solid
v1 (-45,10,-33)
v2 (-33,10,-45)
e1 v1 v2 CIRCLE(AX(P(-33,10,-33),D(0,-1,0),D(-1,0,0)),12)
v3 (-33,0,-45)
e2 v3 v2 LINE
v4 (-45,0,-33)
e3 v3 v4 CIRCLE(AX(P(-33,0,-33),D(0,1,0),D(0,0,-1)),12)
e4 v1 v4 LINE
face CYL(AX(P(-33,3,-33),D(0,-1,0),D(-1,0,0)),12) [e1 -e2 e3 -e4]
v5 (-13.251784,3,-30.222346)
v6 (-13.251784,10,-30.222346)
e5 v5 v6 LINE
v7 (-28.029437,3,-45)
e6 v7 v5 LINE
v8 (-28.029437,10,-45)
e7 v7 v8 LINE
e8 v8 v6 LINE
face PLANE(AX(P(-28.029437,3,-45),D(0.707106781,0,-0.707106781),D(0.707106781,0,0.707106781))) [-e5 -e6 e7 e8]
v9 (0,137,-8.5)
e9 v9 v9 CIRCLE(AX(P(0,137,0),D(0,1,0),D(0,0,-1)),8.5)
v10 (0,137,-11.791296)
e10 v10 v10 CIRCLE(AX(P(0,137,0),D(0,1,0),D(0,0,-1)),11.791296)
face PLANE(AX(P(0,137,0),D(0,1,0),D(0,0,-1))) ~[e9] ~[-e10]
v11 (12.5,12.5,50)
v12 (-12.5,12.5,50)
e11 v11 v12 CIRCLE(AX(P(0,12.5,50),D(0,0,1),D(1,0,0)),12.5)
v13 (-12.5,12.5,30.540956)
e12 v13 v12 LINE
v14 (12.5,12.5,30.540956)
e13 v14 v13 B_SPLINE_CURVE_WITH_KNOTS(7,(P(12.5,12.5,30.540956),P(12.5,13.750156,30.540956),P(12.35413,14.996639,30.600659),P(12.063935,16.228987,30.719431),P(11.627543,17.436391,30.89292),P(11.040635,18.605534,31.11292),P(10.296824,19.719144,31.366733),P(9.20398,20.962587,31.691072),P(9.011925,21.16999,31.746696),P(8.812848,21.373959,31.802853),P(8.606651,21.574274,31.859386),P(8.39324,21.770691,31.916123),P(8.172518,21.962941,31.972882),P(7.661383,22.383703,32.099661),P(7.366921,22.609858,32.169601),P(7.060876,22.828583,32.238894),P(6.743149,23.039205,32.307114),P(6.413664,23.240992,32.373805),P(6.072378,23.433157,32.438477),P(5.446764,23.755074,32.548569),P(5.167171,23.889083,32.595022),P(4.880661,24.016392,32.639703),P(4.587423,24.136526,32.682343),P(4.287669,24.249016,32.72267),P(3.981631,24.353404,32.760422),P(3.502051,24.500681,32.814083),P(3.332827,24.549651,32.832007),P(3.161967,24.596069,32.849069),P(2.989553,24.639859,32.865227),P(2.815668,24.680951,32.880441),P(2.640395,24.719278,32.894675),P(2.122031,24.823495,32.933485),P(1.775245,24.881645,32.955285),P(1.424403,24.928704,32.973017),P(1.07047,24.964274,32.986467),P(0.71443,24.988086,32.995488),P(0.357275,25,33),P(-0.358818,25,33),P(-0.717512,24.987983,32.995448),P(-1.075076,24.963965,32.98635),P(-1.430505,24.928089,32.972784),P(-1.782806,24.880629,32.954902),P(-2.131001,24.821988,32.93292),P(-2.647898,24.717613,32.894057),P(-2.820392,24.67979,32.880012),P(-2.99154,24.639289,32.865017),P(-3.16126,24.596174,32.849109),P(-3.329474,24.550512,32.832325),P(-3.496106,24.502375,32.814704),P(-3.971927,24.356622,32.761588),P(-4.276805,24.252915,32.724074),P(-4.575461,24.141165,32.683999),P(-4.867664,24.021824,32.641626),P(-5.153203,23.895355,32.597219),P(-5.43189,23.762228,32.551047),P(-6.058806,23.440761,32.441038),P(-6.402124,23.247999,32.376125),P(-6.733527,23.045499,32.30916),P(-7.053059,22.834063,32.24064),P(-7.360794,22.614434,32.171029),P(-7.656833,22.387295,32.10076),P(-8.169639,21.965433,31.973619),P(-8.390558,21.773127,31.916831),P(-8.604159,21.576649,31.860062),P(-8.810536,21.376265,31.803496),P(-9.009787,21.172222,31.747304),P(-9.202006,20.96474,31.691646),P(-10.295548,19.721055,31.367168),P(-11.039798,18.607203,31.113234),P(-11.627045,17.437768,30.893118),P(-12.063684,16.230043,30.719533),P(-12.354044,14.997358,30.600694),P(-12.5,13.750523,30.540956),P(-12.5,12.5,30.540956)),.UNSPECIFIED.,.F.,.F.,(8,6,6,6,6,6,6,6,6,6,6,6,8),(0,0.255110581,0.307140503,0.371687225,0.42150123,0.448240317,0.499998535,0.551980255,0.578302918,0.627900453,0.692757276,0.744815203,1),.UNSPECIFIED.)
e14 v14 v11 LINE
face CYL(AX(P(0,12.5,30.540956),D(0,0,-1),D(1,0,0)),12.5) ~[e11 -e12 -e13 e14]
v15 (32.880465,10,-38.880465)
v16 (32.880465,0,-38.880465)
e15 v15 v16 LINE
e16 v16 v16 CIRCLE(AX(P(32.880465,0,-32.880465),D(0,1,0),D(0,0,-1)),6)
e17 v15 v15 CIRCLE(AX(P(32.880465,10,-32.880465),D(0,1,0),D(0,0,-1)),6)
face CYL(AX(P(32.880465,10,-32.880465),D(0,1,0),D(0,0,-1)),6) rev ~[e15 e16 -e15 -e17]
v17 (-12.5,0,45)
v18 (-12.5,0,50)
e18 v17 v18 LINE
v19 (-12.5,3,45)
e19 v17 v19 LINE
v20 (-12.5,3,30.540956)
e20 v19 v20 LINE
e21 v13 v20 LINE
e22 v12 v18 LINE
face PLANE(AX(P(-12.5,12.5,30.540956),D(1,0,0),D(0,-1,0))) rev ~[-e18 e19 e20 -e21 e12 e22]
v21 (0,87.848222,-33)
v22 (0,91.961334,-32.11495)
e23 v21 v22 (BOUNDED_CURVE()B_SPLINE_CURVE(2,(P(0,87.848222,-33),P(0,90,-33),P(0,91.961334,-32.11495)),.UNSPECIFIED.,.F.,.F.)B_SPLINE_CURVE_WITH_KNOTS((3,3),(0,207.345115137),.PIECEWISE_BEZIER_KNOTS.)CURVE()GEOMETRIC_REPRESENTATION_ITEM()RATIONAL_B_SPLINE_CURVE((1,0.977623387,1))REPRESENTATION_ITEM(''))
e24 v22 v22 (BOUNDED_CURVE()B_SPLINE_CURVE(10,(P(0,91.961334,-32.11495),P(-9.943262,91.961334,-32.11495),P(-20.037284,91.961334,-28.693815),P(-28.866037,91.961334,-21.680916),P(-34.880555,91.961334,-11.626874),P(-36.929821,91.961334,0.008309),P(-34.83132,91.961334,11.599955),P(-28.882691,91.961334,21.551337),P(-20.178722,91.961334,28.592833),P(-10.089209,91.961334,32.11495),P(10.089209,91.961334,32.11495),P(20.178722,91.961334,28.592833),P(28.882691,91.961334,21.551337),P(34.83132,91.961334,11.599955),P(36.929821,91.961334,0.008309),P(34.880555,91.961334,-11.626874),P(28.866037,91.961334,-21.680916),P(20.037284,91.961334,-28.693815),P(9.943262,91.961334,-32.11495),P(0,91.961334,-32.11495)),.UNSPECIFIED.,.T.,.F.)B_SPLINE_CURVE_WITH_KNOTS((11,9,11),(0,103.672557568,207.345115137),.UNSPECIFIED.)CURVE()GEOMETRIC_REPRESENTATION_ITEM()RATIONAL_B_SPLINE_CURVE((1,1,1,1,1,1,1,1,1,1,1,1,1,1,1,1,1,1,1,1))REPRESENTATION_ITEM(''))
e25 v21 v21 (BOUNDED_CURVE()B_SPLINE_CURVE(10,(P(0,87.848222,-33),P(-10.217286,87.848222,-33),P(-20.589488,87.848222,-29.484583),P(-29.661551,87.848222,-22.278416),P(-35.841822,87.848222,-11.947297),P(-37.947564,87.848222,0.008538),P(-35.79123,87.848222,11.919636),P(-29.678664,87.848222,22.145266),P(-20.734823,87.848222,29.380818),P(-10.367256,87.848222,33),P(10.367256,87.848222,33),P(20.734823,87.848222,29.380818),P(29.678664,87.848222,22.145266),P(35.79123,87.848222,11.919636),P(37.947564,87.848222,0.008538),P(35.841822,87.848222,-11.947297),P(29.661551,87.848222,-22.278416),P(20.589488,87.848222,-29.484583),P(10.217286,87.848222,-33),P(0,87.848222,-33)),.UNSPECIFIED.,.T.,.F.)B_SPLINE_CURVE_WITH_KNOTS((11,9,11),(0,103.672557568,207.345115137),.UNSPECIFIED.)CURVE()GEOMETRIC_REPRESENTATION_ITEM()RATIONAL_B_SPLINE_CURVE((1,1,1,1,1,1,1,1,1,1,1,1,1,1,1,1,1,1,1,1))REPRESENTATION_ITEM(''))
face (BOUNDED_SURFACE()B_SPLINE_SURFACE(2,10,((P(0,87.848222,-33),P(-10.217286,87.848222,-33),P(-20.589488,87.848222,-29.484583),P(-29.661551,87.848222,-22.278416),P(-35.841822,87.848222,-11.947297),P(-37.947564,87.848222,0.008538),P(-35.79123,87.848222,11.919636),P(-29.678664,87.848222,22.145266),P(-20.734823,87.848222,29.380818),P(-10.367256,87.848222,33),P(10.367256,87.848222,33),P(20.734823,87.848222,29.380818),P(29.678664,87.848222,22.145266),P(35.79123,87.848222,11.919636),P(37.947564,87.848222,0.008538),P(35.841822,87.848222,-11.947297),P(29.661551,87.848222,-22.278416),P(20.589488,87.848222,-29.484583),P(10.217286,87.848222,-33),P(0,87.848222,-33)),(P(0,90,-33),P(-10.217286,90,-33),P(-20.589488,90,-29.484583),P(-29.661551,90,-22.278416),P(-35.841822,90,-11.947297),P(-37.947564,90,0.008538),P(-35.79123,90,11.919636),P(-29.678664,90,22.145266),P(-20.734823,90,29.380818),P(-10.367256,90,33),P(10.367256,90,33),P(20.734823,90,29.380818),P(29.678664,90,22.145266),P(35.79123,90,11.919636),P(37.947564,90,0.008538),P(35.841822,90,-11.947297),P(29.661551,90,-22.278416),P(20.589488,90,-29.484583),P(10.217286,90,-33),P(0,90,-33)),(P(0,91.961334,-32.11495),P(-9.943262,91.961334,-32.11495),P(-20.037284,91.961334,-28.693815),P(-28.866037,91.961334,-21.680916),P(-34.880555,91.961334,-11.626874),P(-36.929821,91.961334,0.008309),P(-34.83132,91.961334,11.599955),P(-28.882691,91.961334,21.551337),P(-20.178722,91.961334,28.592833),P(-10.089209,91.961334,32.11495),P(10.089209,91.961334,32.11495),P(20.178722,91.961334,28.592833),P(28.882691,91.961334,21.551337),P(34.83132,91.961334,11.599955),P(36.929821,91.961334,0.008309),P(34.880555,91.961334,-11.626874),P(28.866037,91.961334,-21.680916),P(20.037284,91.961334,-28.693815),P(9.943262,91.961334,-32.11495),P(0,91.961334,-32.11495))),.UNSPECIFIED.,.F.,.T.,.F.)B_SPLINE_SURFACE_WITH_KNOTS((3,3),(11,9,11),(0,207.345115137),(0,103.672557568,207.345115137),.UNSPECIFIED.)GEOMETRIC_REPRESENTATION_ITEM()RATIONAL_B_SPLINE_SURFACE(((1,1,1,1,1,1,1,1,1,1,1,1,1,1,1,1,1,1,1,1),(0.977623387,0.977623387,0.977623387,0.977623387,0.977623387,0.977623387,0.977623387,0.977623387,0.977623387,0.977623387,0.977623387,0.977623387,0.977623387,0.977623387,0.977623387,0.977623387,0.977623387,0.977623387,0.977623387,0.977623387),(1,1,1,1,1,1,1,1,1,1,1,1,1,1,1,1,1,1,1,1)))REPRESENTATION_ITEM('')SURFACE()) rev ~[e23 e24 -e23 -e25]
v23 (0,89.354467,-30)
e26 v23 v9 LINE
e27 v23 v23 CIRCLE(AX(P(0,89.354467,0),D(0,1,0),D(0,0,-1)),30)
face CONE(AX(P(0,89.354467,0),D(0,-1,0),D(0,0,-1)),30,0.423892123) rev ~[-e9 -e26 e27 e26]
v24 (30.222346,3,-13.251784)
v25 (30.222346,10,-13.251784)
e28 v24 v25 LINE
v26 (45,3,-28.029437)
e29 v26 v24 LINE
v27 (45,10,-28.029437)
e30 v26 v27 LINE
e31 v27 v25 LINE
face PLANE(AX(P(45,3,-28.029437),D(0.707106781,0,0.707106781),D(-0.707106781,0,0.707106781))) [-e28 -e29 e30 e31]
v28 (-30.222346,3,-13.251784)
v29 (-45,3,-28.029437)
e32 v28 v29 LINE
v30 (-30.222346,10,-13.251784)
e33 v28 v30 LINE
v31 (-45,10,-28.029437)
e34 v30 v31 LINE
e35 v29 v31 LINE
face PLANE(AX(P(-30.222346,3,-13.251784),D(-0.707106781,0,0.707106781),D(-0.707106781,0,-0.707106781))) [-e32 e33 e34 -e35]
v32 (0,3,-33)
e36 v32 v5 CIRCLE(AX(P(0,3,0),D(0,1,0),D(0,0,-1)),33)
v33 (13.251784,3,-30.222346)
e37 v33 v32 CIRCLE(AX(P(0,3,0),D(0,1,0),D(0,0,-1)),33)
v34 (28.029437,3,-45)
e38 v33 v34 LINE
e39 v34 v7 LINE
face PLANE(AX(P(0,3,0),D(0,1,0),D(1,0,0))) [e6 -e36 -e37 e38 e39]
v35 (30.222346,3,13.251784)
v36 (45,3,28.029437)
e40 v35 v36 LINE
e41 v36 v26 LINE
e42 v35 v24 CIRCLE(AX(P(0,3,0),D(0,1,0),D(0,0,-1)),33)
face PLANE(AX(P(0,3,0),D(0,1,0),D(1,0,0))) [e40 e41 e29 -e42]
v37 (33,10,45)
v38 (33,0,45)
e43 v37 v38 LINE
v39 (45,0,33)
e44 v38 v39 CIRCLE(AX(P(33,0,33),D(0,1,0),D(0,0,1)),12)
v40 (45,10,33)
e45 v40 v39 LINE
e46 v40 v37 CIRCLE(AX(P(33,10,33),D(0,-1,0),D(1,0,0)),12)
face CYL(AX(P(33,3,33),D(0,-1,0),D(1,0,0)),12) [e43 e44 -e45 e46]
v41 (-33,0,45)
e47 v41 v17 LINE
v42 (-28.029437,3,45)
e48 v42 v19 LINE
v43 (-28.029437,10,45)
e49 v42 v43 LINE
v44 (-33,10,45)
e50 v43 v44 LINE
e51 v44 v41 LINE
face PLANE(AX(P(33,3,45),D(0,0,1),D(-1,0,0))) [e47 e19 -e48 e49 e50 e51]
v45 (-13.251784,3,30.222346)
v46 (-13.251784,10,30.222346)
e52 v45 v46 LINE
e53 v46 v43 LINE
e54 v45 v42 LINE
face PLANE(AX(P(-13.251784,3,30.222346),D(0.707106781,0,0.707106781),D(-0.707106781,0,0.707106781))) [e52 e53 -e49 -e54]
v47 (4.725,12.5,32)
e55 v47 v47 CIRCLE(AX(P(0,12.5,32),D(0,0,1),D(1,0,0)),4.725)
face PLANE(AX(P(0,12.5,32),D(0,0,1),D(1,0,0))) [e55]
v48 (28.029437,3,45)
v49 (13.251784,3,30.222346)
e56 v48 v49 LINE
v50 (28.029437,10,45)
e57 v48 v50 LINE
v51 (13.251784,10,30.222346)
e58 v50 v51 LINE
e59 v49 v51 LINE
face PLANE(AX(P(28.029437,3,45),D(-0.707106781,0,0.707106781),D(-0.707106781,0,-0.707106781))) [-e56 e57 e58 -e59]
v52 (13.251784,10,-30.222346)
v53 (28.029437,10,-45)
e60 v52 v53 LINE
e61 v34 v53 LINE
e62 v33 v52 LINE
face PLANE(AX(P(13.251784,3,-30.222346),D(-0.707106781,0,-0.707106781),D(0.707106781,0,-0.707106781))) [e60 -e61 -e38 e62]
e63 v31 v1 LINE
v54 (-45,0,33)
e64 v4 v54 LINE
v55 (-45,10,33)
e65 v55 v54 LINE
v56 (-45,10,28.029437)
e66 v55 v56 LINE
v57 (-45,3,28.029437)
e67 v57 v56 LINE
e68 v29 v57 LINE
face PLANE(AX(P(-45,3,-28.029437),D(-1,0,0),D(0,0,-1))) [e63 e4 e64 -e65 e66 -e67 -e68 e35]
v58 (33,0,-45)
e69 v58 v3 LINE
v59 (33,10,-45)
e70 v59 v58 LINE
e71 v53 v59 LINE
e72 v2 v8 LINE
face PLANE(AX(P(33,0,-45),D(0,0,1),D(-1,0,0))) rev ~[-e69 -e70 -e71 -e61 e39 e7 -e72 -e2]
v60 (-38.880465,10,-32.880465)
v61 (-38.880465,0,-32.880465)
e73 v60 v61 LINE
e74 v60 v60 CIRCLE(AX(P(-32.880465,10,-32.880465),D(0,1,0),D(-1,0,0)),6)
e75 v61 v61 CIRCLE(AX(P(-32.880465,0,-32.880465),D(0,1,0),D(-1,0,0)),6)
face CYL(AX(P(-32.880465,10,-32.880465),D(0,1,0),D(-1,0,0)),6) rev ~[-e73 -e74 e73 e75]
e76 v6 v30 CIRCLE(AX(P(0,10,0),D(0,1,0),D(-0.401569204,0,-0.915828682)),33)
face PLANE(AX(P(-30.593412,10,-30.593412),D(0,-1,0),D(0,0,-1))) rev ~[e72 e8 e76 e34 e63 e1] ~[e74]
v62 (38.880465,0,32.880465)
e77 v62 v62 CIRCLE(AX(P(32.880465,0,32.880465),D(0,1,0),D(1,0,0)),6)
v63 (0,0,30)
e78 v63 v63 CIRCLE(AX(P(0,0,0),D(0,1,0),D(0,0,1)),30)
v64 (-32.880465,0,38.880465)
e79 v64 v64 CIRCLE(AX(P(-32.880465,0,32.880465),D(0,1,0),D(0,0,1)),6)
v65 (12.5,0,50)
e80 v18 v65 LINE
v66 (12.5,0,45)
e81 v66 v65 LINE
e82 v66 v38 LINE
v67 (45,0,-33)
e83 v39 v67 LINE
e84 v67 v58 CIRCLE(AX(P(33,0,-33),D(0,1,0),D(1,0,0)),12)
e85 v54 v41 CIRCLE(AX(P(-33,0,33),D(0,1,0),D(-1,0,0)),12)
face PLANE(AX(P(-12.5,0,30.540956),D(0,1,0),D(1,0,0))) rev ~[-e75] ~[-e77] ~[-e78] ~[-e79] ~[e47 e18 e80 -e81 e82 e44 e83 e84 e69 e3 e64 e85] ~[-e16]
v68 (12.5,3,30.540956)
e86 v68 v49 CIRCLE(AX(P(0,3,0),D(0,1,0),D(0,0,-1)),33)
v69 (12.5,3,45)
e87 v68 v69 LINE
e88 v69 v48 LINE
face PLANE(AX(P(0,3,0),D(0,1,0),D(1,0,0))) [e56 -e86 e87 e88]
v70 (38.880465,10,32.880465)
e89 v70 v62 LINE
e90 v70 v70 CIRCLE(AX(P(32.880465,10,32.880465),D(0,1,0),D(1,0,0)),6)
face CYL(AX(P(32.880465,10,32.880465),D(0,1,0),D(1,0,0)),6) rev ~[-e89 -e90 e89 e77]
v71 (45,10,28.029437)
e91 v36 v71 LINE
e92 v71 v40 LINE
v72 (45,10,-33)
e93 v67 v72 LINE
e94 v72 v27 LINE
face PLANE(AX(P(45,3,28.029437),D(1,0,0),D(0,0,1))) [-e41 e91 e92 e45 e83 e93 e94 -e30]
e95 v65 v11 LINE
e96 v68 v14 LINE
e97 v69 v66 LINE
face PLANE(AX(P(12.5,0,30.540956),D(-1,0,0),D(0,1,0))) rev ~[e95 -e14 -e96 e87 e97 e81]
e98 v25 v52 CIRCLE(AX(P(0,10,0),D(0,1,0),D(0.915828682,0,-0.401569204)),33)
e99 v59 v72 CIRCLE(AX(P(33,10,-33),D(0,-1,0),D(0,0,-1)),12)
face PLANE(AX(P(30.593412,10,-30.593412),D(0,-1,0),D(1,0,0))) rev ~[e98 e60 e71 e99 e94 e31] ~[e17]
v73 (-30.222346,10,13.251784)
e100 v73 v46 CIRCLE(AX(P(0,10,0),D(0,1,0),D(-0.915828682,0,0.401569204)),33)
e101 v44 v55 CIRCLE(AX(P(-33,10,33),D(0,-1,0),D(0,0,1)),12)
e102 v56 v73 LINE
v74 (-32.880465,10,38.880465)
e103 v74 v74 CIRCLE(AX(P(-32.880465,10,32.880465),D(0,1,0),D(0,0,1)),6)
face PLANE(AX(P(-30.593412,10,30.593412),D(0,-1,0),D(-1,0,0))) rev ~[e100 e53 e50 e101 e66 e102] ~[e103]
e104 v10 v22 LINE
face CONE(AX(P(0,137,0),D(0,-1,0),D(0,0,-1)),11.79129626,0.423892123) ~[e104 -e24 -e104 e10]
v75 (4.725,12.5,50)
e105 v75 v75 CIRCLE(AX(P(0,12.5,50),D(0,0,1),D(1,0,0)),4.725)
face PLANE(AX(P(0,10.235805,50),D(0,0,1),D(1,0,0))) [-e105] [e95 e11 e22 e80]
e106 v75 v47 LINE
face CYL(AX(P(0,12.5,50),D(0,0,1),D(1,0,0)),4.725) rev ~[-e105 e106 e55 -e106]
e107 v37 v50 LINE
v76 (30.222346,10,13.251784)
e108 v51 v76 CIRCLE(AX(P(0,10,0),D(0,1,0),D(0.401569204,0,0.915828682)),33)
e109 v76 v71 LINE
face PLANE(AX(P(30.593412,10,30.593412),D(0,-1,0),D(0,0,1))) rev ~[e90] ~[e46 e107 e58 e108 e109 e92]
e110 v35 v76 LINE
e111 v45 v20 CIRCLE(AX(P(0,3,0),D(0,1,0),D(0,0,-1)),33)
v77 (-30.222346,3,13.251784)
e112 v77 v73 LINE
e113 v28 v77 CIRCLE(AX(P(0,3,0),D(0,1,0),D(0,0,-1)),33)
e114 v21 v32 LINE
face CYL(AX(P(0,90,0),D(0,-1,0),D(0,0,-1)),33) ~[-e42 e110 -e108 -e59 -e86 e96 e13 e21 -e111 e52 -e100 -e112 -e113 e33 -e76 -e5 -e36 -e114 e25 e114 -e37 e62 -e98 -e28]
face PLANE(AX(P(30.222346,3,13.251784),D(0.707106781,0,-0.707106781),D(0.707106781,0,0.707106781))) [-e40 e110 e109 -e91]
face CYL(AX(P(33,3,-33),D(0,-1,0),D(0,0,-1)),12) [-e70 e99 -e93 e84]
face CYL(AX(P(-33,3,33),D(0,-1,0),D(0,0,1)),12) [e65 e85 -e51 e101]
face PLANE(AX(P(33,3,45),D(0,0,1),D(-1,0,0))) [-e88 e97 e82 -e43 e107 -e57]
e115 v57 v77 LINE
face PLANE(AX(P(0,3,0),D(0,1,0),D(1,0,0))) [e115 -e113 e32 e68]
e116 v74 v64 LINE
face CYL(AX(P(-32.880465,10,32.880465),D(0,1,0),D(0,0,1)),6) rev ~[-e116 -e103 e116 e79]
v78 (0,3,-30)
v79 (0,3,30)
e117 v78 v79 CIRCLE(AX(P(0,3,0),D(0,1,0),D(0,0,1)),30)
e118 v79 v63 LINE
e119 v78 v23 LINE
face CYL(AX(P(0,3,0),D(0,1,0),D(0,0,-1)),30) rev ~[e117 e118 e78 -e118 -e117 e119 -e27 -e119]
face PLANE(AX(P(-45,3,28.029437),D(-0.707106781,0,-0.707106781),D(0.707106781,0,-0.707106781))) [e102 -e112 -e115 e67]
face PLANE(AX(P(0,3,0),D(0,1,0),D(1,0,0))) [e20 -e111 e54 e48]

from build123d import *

# Parameters (mm, degrees)
BOSS_EXTRUDE1_DEPTH = 3
SKETCH2_R           = 30
CUT_EXTRUDE1_DEPTH  = 3
BOSS_EXTRUDE2_DEPTH = 7
SKETCH5_R           = 6
CUT_EXTRUDE2_DEPTH  = 10
CIRPATTERN1_COUNT   = 4
BOSS_EXTRUDE3_START = -14.459044
BOSS_EXTRUDE3_DEPTH = 19.459044
SKETCH8_R           = 4.725
CUT_EXTRUDE3_DEPTH  = 18
FILLET1_R           = 10


with BuildPart() as part:
    # Sketch1 → Boss-Extrude1 (new body)
    with BuildSketch(Plane(origin=(0, 0, 0), x_dir=(1, 0, 0), z_dir=(0, 1, 0))):
        with BuildLine():
            Line((-33, -45), (33, -45))
            ThreePointArc((33, -45), (41.485281374, -41.485281374), (45, -33))
            Line((45, -33), (45, 33))
            ThreePointArc((45, 33), (41.485281374, 41.485281374), (33, 45))
            Line((33, 45), (-33, 45))
            ThreePointArc((-33, 45), (-41.485281374, 41.485281374), (-45, 33))
            Line((-45, 33), (-45, -33))
            ThreePointArc((-45, -33), (-41.485281374, -41.485281374), (-33, -45))
        make_face()
    extrude(amount=BOSS_EXTRUDE1_DEPTH)

    # Sketch2 → Cut-Extrude1 (cut)
    with BuildSketch(Plane(origin=(0, 3, 0), x_dir=(1, 0, 0), z_dir=(0, 1, 0))):
        with Locations(Location((0, 0, 0), (0, 0, 270))):
            Circle(SKETCH2_R)
    extrude(amount=-CUT_EXTRUDE1_DEPTH, mode=Mode.SUBTRACT)

    # Sketch3 → Revolve1 (revolve)
    with BuildSketch(Plane.XY, mode=Mode.PRIVATE) as revolve1_sk:
        Polygon((30, 3), (30, 89.354466715), (8.5, 137), (11.79129626, 137), (33, 90), (33, 3), align=None)
    revolve(revolve1_sk.sketch.rotate(Axis((0, -84.852813742, 0), (0, 1, 0)), 90), axis=Axis((0, -84.852813742, 0), (0, 1, 0)))

    # Sketch4 → Boss-Extrude2 (add)
    with BuildSketch(Plane(origin=(0, 3, 0), x_dir=(1, 0, 0), z_dir=(0, 1, 0))):
        with BuildLine():
            Line((-13.251783745, -30.222346494), (-28.029437252, -45))
            Line((-28.029437252, -45), (-33, -45))
            ThreePointArc((-33, -45), (-41.485281374, -41.485281374), (-45, -33))
            Line((-45, -33), (-45, -28.029437252))
            Line((-45, -28.029437252), (-30.222346494, -13.251783745))
            ThreePointArc((-30.222346494, -13.251783745), (-23.334523779, -23.334523779), (-13.251783745, -30.222346494))
        make_face()
    boss_extrude2 = extrude(amount=BOSS_EXTRUDE2_DEPTH)

    # Sketch5 → Cut-Extrude2 (cut)
    with BuildSketch(Plane(origin=(0, 10, 0), x_dir=(1, 0, 0), z_dir=(0, 1, 0))):
        with Locations(Location((-32.880465325, -32.880465325, 0), (0, 0, 270))):
            Circle(SKETCH5_R)
    cut_extrude2 = extrude(amount=-CUT_EXTRUDE2_DEPTH, mode=Mode.SUBTRACT)

    # CirPattern1: Boss-Extrude2, Cut-Extrude2 ×4 about axis
    cirpattern1_axis = Axis((0, 0, 0), (0, 1, 0))
    add([boss_extrude2.rotate(cirpattern1_axis, i * 360 / CIRPATTERN1_COUNT) for i in range(1, CIRPATTERN1_COUNT)])
    add([cut_extrude2.rotate(cirpattern1_axis, i * 360 / CIRPATTERN1_COUNT) for i in range(1, CIRPATTERN1_COUNT)], mode=Mode.SUBTRACT)

    # Sketch6 → Boss-Extrude3 (add)
    with BuildSketch(Plane.XY.offset(45).offset(BOSS_EXTRUDE3_START)):
        with BuildLine():
            Line((-12.5, 12.5), (-12.5, 0))
            Line((-12.5, 0), (12.5, 0))
            Line((12.5, 0), (12.5, 12.5))
            ThreePointArc((12.5, 12.5), (0, 25), (-12.5, 12.5))
        make_face()
    extrude(amount=BOSS_EXTRUDE3_DEPTH)

    # Sketch8 → Cut-Extrude3 (cut)
    with BuildSketch(Plane.XY.offset(50)):
        with Locations((0, 12.5)):
            Circle(SKETCH8_R)
    extrude(amount=-CUT_EXTRUDE3_DEPTH, mode=Mode.SUBTRACT)

    # Fillet1
    fillet1_edges = [part.edges().sort_by_distance(p)[0] for p in [
        (0, 90, 33),
    ]]
    fillet(fillet1_edges, radius=FILLET1_R)


solid = part.part
